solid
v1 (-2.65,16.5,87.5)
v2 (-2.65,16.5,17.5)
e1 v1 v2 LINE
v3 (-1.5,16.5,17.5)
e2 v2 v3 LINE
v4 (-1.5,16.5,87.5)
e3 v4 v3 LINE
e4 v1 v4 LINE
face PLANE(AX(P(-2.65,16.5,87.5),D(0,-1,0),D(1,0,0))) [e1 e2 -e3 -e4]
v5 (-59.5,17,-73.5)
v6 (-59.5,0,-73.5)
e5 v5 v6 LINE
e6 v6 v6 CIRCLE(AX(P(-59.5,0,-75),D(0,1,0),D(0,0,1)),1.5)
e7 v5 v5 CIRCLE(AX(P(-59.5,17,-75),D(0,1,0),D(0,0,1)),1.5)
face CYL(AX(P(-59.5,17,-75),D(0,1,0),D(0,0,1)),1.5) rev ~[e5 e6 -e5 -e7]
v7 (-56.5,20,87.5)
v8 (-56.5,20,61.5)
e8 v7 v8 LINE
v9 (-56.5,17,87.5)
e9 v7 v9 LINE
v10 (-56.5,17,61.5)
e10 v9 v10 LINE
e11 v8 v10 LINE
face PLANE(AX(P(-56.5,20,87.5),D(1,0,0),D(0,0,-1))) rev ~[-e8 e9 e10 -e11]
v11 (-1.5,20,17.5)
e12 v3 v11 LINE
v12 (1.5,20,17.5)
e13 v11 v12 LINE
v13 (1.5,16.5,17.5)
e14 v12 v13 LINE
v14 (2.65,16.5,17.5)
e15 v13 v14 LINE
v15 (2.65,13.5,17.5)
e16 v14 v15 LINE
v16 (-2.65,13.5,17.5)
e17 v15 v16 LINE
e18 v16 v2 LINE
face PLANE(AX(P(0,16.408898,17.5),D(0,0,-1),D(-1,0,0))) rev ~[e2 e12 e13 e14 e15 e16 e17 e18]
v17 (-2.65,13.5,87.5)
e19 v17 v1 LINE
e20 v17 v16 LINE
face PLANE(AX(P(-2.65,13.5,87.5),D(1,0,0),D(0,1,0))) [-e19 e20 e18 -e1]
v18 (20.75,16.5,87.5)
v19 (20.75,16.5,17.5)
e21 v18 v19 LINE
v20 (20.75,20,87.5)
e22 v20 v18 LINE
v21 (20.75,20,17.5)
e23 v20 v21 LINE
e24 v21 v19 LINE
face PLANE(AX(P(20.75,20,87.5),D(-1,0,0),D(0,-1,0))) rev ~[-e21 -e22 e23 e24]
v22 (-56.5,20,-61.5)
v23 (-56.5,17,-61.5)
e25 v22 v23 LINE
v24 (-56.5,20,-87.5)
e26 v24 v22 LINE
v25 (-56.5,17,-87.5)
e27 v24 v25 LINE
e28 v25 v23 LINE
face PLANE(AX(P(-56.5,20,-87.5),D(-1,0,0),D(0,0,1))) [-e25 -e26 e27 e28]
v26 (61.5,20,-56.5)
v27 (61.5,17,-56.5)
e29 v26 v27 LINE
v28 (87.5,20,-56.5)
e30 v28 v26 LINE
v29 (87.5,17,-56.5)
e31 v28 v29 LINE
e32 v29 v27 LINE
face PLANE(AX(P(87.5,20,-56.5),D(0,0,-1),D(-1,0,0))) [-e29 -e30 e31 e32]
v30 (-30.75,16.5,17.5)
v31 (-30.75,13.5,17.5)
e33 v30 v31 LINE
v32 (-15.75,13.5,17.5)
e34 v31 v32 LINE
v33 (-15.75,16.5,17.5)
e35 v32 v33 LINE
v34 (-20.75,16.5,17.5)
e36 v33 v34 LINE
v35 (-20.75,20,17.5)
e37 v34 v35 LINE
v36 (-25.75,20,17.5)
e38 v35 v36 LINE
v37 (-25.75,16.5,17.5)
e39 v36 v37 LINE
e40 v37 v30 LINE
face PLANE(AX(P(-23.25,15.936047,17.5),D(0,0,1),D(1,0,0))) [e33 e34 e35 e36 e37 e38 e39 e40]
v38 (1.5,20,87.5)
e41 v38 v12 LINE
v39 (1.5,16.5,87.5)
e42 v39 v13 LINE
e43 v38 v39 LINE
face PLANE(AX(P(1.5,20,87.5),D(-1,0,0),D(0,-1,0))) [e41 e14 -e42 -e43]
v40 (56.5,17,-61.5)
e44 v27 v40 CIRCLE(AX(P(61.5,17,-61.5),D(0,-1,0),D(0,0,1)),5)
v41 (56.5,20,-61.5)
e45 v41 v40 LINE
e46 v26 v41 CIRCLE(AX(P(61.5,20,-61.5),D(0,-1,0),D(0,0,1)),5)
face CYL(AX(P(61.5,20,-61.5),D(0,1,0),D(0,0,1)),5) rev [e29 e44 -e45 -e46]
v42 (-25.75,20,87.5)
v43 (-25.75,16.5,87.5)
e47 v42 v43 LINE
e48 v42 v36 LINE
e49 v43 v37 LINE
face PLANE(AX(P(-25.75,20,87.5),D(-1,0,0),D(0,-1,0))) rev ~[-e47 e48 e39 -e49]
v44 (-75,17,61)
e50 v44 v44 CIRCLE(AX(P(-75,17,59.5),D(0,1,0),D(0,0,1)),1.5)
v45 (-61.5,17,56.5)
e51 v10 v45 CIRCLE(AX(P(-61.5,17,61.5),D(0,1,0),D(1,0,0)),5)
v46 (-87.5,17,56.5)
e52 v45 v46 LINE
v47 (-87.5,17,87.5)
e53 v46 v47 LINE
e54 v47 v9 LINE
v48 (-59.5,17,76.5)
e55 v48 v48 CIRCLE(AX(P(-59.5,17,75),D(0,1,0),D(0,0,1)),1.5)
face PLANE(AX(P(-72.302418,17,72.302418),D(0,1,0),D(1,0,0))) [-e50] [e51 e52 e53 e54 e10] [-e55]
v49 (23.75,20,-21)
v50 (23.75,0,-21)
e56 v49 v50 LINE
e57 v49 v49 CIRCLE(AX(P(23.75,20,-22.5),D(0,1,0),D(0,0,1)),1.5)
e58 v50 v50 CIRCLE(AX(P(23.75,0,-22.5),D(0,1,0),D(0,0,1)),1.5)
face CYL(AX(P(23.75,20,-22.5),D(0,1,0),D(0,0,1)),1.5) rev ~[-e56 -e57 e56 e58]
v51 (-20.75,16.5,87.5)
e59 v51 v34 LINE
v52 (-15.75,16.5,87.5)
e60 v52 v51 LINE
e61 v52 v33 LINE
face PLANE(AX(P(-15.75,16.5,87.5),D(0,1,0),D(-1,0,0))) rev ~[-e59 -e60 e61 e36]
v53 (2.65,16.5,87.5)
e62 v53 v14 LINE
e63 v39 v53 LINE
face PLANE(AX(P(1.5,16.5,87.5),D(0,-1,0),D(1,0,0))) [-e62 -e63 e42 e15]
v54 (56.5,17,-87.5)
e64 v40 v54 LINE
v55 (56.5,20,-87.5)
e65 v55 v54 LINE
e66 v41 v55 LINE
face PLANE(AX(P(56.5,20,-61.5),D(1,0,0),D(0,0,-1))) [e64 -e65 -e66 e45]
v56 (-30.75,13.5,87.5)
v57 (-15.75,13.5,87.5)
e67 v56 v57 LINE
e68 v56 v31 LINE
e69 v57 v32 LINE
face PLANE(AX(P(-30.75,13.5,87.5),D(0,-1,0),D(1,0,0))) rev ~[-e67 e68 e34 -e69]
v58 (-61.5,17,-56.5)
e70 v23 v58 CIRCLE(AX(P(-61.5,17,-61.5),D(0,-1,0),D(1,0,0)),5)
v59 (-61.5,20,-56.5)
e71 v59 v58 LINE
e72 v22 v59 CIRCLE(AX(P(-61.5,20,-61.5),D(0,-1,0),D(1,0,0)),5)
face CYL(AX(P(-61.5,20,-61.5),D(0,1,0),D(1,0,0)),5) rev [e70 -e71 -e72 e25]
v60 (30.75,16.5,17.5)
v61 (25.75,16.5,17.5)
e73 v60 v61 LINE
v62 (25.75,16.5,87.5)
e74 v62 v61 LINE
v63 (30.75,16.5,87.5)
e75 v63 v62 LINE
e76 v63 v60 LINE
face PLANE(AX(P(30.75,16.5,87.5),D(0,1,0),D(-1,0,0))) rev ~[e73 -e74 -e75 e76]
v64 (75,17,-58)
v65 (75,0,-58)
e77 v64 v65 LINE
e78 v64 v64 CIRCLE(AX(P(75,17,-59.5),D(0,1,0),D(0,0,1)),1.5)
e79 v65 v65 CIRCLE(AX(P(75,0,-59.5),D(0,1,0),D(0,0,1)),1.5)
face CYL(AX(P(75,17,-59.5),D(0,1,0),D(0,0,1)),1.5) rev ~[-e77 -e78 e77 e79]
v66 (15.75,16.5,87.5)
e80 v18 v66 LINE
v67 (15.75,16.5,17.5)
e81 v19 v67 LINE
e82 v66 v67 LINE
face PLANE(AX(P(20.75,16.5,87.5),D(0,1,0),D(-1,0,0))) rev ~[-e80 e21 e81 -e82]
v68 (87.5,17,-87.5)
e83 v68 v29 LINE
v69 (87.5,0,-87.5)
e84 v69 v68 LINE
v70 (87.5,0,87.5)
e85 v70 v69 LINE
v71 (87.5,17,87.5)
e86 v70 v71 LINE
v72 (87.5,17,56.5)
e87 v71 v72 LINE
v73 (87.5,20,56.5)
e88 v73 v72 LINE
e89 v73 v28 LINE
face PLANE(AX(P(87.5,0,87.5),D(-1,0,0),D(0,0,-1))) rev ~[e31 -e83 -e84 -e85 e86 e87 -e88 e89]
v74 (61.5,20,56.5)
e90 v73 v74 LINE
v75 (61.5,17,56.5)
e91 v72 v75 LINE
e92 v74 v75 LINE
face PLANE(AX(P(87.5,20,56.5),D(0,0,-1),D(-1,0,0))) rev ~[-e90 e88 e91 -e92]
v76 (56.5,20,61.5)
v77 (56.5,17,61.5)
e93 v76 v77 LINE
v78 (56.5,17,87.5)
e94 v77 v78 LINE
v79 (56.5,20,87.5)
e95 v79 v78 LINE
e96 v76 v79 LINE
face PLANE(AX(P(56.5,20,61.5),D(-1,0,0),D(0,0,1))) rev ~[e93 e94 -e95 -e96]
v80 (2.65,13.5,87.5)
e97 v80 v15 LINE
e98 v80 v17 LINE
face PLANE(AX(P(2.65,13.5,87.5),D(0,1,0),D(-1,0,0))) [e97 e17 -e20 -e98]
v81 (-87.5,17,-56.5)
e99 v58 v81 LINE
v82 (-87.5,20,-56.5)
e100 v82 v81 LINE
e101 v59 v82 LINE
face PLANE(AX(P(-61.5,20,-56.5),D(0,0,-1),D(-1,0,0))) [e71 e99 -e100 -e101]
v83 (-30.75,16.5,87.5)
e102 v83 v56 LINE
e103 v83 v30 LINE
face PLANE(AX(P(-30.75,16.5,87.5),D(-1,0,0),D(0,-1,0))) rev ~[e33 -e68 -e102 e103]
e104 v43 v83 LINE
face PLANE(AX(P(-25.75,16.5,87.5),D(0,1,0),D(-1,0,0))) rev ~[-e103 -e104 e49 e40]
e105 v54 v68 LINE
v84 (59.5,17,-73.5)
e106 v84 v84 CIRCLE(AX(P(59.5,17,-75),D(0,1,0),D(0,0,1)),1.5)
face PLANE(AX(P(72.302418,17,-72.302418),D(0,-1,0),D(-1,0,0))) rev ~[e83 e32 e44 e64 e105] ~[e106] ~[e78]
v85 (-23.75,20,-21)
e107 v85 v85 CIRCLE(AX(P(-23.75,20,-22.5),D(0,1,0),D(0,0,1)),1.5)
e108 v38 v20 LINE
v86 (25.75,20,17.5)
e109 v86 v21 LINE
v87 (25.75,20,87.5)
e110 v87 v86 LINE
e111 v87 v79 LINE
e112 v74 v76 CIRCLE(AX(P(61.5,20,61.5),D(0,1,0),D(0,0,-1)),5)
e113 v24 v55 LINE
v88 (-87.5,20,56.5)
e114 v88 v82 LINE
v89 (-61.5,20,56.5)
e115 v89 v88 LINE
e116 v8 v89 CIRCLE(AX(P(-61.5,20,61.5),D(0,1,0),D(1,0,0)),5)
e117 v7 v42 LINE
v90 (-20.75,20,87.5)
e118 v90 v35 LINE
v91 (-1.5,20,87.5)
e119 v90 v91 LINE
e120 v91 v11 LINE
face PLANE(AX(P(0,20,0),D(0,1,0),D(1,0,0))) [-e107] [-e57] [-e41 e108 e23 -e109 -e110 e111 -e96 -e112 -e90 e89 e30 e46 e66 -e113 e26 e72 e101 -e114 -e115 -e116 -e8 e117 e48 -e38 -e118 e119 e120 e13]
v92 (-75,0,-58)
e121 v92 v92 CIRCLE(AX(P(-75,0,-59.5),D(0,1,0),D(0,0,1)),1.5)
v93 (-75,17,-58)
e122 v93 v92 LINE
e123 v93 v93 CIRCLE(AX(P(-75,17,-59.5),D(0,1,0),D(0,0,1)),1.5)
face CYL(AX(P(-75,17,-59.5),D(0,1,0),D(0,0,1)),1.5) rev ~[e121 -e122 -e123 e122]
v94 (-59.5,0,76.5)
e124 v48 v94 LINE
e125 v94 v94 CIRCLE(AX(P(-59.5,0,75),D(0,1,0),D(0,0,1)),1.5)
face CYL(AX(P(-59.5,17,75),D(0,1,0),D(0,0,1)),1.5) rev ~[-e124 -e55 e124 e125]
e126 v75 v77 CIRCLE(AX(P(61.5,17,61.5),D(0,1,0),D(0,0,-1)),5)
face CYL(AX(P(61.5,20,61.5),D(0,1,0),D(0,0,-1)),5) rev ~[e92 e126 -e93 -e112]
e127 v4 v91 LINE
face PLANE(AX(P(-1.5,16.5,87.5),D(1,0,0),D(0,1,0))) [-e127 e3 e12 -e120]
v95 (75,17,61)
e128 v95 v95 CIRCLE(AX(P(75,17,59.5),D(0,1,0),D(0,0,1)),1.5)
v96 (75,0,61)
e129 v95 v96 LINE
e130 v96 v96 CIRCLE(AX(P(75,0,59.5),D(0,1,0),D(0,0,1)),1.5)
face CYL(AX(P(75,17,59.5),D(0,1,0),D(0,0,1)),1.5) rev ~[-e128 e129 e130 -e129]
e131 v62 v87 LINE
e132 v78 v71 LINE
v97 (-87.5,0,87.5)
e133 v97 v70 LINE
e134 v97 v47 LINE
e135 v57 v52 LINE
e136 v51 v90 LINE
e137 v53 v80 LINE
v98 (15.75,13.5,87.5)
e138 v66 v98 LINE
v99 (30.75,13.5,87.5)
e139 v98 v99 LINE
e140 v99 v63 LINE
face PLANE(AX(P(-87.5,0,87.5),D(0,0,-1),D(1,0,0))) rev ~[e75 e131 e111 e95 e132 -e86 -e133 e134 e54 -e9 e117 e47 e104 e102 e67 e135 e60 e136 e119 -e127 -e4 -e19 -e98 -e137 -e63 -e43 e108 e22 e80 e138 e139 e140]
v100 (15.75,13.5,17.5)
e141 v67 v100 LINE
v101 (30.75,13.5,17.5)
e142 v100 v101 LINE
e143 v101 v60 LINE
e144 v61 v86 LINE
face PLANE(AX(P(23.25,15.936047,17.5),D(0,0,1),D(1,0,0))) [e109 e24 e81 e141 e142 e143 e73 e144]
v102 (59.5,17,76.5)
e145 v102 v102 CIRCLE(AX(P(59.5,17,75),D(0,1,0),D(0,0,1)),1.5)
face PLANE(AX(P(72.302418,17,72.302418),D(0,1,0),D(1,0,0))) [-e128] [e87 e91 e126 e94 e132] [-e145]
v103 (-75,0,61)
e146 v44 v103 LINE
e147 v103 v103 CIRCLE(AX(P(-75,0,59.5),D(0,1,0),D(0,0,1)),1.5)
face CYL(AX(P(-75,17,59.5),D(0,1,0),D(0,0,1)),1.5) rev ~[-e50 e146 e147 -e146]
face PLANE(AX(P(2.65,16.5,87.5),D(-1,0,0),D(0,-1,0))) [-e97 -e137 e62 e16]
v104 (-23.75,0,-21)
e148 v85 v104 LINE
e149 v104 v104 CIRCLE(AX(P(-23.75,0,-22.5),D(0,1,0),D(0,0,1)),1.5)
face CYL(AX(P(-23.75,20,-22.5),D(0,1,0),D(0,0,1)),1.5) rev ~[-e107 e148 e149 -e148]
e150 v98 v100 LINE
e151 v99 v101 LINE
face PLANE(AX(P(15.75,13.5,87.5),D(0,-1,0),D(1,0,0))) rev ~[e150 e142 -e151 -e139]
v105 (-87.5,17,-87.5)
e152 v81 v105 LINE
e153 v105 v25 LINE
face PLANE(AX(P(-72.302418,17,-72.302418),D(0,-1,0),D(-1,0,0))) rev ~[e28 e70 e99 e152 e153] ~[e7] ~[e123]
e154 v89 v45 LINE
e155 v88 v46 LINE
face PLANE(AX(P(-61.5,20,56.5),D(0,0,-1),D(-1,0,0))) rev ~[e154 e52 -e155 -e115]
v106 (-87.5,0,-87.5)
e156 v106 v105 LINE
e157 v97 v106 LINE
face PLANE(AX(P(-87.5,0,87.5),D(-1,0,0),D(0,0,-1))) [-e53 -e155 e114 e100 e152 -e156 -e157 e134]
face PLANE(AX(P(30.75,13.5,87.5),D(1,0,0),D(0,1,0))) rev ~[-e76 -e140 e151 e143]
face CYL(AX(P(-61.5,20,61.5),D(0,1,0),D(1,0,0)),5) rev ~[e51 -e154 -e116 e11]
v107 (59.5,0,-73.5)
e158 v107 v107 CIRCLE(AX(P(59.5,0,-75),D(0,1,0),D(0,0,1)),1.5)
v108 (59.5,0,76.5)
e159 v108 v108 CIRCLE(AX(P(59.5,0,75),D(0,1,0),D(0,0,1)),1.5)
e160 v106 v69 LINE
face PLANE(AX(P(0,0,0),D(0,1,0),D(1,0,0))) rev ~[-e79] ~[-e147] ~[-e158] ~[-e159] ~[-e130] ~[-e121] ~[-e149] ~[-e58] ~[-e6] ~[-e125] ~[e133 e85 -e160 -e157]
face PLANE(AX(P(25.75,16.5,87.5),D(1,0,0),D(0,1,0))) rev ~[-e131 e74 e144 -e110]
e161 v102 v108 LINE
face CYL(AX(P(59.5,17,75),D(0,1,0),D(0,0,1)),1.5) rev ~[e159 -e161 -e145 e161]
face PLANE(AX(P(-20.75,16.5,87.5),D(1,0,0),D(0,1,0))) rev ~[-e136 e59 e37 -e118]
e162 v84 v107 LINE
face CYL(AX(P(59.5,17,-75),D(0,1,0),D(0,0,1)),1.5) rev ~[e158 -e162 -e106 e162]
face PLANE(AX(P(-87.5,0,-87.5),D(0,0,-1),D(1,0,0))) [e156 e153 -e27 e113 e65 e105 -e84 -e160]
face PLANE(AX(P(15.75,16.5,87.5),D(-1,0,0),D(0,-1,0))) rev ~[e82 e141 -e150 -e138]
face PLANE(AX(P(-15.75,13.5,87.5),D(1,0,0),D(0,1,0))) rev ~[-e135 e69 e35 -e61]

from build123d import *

# Parameters (mm, degrees)
SKETCH1_W           = 175
SKETCH1_H           = 175
BOSS_EXTRUDE2_DEPTH = 20
CUT_EXTRUDE6_DEPTH  = 3
CUT_EXTRUDE7_REACH  = 126.906
SKETCH8_R           = 1.5
CUT_EXTRUDE8_DEPTH  = 70
CUT_EXTRUDE9_REACH  = 127.35
SKETCH10_R          = 1.5


with BuildPart() as part:
    # Sketch1 → Boss-Extrude2 (new body)
    with BuildSketch(Plane(origin=(0, 0, 0), x_dir=(1, 0, 0), z_dir=(0, 1, 0))):
        Rectangle(SKETCH1_W, SKETCH1_H)
    extrude(amount=BOSS_EXTRUDE2_DEPTH)

    # Sketch7 → Cut-Extrude6 (cut)
    with BuildSketch(Plane(origin=(0, 20, 0), x_dir=(1, 0, 0), z_dir=(0, 1, 0))):
        with BuildLine():
            Line((-87.5, 87.5), (-56.5, 87.5))
            Line((-56.5, 87.5), (-56.5, 61.5))
            ThreePointArc((-56.5, 61.5), (-57.964466094, 57.964466094), (-61.5, 56.5))
            Line((-61.5, 56.5), (-87.5, 56.5))
            Line((-87.5, 56.5), (-87.5, 87.5))
        make_face()
        with BuildLine():
            Line((87.5, 56.5), (61.5, 56.5))
            ThreePointArc((61.5, 56.5), (57.964466094, 57.964466094), (56.5, 61.5))
            Line((56.5, 61.5), (56.5, 87.5))
            Line((56.5, 87.5), (87.5, 87.5))
            Line((87.5, 87.5), (87.5, 56.5))
        make_face()
        with BuildLine():
            Line((87.5, -87.5), (87.5, -56.5))
            Line((87.5, -56.5), (61.5, -56.5))
            ThreePointArc((61.5, -56.5), (57.964466094, -57.964466094), (56.5, -61.5))
            Line((56.5, -61.5), (56.5, -87.5))
            Line((56.5, -87.5), (87.5, -87.5))
        make_face()
        with BuildLine():
            Line((-56.5, -87.5), (-56.5, -61.5))
            ThreePointArc((-56.5, -61.5), (-57.964466094, -57.964466094), (-61.5, -56.5))
            Line((-61.5, -56.5), (-87.5, -56.5))
            Line((-87.5, -56.5), (-87.5, -87.5))
            Line((-87.5, -87.5), (-56.5, -87.5))
        make_face()
    extrude(amount=-CUT_EXTRUDE6_DEPTH, mode=Mode.SUBTRACT)

    # Sketch8 → Cut-Extrude7 (cut, up to next)
    with BuildSketch(Plane(origin=(0, 17, 0), x_dir=(1, 0, 0), z_dir=(0, 1, 0)), mode=Mode.PRIVATE) as cut_extrude7_sk1:
        with Locations(Location((-75, -59.5, 0), (0, 0, 270))):
            Circle(SKETCH8_R)
    cut_extrude7_tool1 = extrude(cut_extrude7_sk1.sketch, amount=-CUT_EXTRUDE7_REACH, mode=Mode.PRIVATE) & part.part
    # Sketch8 → Cut-Extrude7 (cut, up to next)
    with BuildSketch(Plane(origin=(0, 17, 0), x_dir=(1, 0, 0), z_dir=(0, 1, 0)), mode=Mode.PRIVATE) as cut_extrude7_sk2:
        with Locations(Location((-59.5, -75, 0), (0, 0, 270))):
            Circle(SKETCH8_R)
    cut_extrude7_tool2 = extrude(cut_extrude7_sk2.sketch, amount=-CUT_EXTRUDE7_REACH, mode=Mode.PRIVATE) & part.part
    # Sketch8 → Cut-Extrude7 (cut, up to next)
    with BuildSketch(Plane(origin=(0, 17, 0), x_dir=(1, 0, 0), z_dir=(0, 1, 0)), mode=Mode.PRIVATE) as cut_extrude7_sk3:
        with Locations(Location((59.5, -75, 0), (0, 0, 270))):
            Circle(SKETCH8_R)
    cut_extrude7_tool3 = extrude(cut_extrude7_sk3.sketch, amount=-CUT_EXTRUDE7_REACH, mode=Mode.PRIVATE) & part.part
    # Sketch8 → Cut-Extrude7 (cut, up to next)
    with BuildSketch(Plane(origin=(0, 17, 0), x_dir=(1, 0, 0), z_dir=(0, 1, 0)), mode=Mode.PRIVATE) as cut_extrude7_sk4:
        with Locations(Location((75, -59.5, 0), (0, 0, 270))):
            Circle(SKETCH8_R)
    cut_extrude7_tool4 = extrude(cut_extrude7_sk4.sketch, amount=-CUT_EXTRUDE7_REACH, mode=Mode.PRIVATE) & part.part
    # Sketch8 → Cut-Extrude7 (cut, up to next)
    with BuildSketch(Plane(origin=(0, 17, 0), x_dir=(1, 0, 0), z_dir=(0, 1, 0)), mode=Mode.PRIVATE) as cut_extrude7_sk5:
        with Locations(Location((59.5, 75, 0), (0, 0, 270))):
            Circle(SKETCH8_R)
    cut_extrude7_tool5 = extrude(cut_extrude7_sk5.sketch, amount=-CUT_EXTRUDE7_REACH, mode=Mode.PRIVATE) & part.part
    # Sketch8 → Cut-Extrude7 (cut, up to next)
    with BuildSketch(Plane(origin=(0, 17, 0), x_dir=(1, 0, 0), z_dir=(0, 1, 0)), mode=Mode.PRIVATE) as cut_extrude7_sk6:
        with Locations(Location((75, 59.5, 0), (0, 0, 270))):
            Circle(SKETCH8_R)
    cut_extrude7_tool6 = extrude(cut_extrude7_sk6.sketch, amount=-CUT_EXTRUDE7_REACH, mode=Mode.PRIVATE) & part.part
    # Sketch8 → Cut-Extrude7 (cut, up to next)
    with BuildSketch(Plane(origin=(0, 17, 0), x_dir=(1, 0, 0), z_dir=(0, 1, 0)), mode=Mode.PRIVATE) as cut_extrude7_sk7:
        with Locations(Location((-59.5, 75, 0), (0, 0, 270))):
            Circle(SKETCH8_R)
    cut_extrude7_tool7 = extrude(cut_extrude7_sk7.sketch, amount=-CUT_EXTRUDE7_REACH, mode=Mode.PRIVATE) & part.part
    # Sketch8 → Cut-Extrude7 (cut, up to next)
    with BuildSketch(Plane(origin=(0, 17, 0), x_dir=(1, 0, 0), z_dir=(0, 1, 0)), mode=Mode.PRIVATE) as cut_extrude7_sk8:
        with Locations(Location((-75, 59.5, 0), (0, 0, 270))):
            Circle(SKETCH8_R)
    cut_extrude7_tool8 = extrude(cut_extrude7_sk8.sketch, amount=-CUT_EXTRUDE7_REACH, mode=Mode.PRIVATE) & part.part
    add(cut_extrude7_tool1.solids().sort_by_distance((-75, 17, 59.5))[0], mode=Mode.SUBTRACT)
    add(cut_extrude7_tool2.solids().sort_by_distance((-59.5, 17, 75))[0], mode=Mode.SUBTRACT)
    add(cut_extrude7_tool3.solids().sort_by_distance((59.5, 17, 75))[0], mode=Mode.SUBTRACT)
    add(cut_extrude7_tool4.solids().sort_by_distance((75, 17, 59.5))[0], mode=Mode.SUBTRACT)
    add(cut_extrude7_tool5.solids().sort_by_distance((59.5, 17, -75))[0], mode=Mode.SUBTRACT)
    add(cut_extrude7_tool6.solids().sort_by_distance((75, 17, -59.5))[0], mode=Mode.SUBTRACT)
    add(cut_extrude7_tool7.solids().sort_by_distance((-59.5, 17, -75))[0], mode=Mode.SUBTRACT)
    add(cut_extrude7_tool8.solids().sort_by_distance((-75, 17, -59.5))[0], mode=Mode.SUBTRACT)

    # Sketch9 → Cut-Extrude8 (cut)
    with BuildSketch(Plane.XY.offset(87.5)):
        Polygon((-20.75, 20), (-25.75, 20), (-25.75, 16.5), (-30.75, 16.5), (-30.75, 13.5), (-15.75, 13.5), (-15.75, 16.5), (-20.75, 16.5), align=None)
        Polygon((25.75, 16.5), (25.75, 20), (20.75, 20), (20.75, 16.5), (15.75, 16.5), (15.75, 13.5), (30.75, 13.5), (30.75, 16.5), align=None)
        Polygon((-2.65, 16.5), (-1.5, 16.5), (-1.5, 20), (1.5, 20), (1.5, 16.5), (2.65, 16.5), (2.65, 13.5), (-2.65, 13.5), align=None)
    extrude(amount=-CUT_EXTRUDE8_DEPTH, mode=Mode.SUBTRACT)

    # Sketch10 → Cut-Extrude9 (cut, up to next)
    with BuildSketch(Plane(origin=(0, 20, 0), x_dir=(1, 0, 0), z_dir=(0, 1, 0)), mode=Mode.PRIVATE) as cut_extrude9_sk1:
        with Locations(Location((-23.75, 22.5, 0), (0, 0, 270))):
            Circle(SKETCH10_R)
    cut_extrude9_tool1 = extrude(cut_extrude9_sk1.sketch, amount=-CUT_EXTRUDE9_REACH, mode=Mode.PRIVATE) & part.part
    # Sketch10 → Cut-Extrude9 (cut, up to next)
    with BuildSketch(Plane(origin=(0, 20, 0), x_dir=(1, 0, 0), z_dir=(0, 1, 0)), mode=Mode.PRIVATE) as cut_extrude9_sk2:
        with Locations(Location((23.75, 22.5, 0), (0, 0, 270))):
            Circle(SKETCH10_R)
    cut_extrude9_tool2 = extrude(cut_extrude9_sk2.sketch, amount=-CUT_EXTRUDE9_REACH, mode=Mode.PRIVATE) & part.part
    add(cut_extrude9_tool1.solids().sort_by_distance((-23.75, 20, -22.5))[0], mode=Mode.SUBTRACT)
    add(cut_extrude9_tool2.solids().sort_by_distance((23.75, 20, -22.5))[0], mode=Mode.SUBTRACT)


solid = part.part
